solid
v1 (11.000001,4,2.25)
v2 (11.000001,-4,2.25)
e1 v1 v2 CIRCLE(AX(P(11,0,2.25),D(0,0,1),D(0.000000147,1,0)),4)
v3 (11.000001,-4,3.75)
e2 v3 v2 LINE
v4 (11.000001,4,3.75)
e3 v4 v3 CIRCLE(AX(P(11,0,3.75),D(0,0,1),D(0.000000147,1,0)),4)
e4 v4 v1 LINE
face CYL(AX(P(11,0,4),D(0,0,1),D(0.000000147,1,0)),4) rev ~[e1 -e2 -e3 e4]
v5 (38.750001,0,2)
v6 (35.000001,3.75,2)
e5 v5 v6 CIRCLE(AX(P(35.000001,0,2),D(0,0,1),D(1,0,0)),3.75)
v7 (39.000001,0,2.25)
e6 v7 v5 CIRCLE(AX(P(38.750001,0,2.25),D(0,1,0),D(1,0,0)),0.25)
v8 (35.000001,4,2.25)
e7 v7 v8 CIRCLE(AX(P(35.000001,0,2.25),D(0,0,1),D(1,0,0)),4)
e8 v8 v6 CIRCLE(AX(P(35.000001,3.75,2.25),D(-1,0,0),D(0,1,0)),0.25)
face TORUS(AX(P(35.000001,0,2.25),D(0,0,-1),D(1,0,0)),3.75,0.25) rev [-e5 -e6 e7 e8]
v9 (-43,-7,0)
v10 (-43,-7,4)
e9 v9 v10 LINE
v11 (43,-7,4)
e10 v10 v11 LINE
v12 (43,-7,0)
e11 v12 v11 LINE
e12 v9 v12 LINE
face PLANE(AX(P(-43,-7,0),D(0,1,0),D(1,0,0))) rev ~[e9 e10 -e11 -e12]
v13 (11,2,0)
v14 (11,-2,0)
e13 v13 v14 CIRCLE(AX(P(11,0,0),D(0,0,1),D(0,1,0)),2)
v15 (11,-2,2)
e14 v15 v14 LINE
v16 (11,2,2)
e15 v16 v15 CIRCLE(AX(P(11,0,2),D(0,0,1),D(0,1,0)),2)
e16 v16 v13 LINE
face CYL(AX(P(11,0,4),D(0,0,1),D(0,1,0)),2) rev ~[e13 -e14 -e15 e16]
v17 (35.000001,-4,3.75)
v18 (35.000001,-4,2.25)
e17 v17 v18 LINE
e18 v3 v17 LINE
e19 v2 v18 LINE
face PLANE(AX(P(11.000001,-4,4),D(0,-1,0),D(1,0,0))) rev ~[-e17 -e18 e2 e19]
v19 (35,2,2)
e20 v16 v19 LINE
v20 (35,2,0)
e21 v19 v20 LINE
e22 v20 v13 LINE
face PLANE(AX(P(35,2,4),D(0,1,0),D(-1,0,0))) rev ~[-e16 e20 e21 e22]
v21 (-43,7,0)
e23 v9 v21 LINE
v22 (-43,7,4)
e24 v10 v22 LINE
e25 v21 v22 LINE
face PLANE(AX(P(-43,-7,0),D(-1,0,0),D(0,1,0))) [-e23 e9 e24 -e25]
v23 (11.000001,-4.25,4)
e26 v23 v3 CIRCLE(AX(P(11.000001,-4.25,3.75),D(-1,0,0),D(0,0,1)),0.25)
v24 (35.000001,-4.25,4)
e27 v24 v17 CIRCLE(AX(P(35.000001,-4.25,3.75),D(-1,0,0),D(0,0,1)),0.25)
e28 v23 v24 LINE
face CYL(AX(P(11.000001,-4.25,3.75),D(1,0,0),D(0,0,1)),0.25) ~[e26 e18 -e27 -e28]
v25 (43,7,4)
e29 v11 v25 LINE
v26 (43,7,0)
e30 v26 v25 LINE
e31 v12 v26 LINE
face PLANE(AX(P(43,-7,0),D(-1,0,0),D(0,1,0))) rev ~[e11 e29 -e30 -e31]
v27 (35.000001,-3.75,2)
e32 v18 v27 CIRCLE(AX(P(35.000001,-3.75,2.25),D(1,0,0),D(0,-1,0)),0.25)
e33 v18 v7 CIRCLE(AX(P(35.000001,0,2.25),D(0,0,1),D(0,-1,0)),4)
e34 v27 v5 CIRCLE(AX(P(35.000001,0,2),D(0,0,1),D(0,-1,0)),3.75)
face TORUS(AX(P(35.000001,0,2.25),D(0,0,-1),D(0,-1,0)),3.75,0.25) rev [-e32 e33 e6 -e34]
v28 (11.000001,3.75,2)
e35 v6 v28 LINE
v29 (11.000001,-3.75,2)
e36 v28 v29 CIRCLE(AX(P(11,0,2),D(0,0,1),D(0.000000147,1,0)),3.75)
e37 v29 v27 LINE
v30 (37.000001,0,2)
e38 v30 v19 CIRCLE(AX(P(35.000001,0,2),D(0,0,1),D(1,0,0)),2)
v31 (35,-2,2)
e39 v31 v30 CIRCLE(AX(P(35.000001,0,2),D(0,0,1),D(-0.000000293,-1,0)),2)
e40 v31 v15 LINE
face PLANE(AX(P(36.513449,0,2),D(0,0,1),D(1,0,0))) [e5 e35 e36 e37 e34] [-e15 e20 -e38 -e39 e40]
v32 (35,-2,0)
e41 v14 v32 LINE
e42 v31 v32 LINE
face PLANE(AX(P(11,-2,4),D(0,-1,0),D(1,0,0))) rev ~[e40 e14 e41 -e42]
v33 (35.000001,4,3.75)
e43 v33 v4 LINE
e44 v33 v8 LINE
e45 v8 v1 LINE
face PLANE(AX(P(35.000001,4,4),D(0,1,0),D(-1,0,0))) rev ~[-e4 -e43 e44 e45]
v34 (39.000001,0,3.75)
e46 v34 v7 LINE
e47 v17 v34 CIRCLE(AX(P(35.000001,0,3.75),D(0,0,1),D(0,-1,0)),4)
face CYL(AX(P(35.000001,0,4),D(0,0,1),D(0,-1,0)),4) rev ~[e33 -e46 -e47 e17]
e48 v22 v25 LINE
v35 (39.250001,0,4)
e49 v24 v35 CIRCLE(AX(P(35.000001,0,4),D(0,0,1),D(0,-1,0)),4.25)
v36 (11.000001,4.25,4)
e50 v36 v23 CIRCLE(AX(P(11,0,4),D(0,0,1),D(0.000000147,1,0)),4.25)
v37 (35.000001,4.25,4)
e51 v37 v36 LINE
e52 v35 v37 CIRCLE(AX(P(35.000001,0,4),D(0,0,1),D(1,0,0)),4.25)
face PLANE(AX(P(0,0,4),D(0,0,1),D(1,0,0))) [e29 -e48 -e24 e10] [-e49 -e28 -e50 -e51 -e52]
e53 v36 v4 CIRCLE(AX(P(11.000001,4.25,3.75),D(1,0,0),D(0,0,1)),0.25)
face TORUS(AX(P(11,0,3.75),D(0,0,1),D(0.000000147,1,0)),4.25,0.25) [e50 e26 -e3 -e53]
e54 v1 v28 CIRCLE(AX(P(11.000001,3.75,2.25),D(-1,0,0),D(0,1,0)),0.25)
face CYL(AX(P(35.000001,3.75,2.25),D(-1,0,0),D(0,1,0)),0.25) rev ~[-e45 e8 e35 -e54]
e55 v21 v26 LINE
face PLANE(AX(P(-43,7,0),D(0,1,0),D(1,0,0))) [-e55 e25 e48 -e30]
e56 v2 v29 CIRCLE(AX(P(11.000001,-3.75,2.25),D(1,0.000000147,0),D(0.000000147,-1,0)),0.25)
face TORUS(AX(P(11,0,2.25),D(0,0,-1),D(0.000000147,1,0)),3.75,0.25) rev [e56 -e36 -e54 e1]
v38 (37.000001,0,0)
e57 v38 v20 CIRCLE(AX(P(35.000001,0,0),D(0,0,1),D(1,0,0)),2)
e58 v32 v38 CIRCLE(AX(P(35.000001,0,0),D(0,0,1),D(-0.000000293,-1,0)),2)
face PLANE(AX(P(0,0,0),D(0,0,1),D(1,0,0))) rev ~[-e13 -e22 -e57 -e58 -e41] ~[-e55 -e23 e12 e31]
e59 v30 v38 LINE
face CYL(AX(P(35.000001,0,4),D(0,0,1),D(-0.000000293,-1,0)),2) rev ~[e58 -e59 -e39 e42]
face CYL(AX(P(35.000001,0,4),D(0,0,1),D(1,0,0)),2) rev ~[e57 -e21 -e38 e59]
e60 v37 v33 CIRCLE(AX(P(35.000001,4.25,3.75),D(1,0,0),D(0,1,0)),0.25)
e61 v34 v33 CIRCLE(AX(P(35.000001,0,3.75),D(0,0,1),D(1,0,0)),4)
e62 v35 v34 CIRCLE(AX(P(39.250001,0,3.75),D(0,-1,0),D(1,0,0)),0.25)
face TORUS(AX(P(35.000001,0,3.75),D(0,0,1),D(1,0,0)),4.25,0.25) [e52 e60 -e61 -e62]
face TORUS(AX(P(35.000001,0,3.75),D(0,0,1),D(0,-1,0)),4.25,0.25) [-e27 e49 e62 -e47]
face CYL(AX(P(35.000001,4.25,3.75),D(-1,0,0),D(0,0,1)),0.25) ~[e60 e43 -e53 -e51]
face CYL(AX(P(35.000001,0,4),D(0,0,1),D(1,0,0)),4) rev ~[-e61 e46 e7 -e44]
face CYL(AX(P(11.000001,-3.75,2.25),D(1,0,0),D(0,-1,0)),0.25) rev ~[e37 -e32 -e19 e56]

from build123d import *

# Parameters (mm, degrees)
F0_W     = 86
F0_H     = 14
F1_DEPTH = 4
F3_DEPTH = 4
F5_DEPTH = 2
F6_R     = 0.25


with BuildPart() as f1:
    # F0 (on Top) → F1 (new body)
    with BuildSketch(Plane.XY):
        Rectangle(F0_W, F0_H)
    extrude(amount=F1_DEPTH)

    # F2 (on face) → F3 (cut)
    with BuildSketch(Plane.XY.offset(4)):
        with BuildLine():
            ThreePointArc((35, -2), (36.4142139414, -1.4142137697), (37.0000005863, 0))
            ThreePointArc((37.0000005863, 0), (36.4142139414, 1.4142137697), (35, 2))
            Line((35, 2), (35, -2))
        make_face()
        with BuildLine():
            Line((35, -2), (35, 2))
            ThreePointArc((35, 2), (33.0000005863, 0), (35, -2))
        make_face()
        with BuildLine():
            ThreePointArc((35, -2), (33.0000005863, 0), (35, 2))
            Line((35, 2), (11, 2))
            ThreePointArc((11, 2), (12.4142135624, 1.4142135624), (13, 0))
            ThreePointArc((13, 0), (12.4142135624, -1.4142135624), (11, -2))
            Line((11, -2), (35, -2))
        make_face()
        with BuildLine():
            Line((11, -2), (11, 2))
            ThreePointArc((11, 2), (9, 0), (11, -2))
        make_face()
        with BuildLine():
            ThreePointArc((13, 0), (12.4142135624, 1.4142135624), (11, 2))
            Line((11, 2), (11, -2))
            ThreePointArc((11, -2), (12.4142135624, -1.4142135624), (13, 0))
        make_face()
    extrude(amount=-F3_DEPTH, mode=Mode.SUBTRACT)

    # F4 (on face) → F5 (cut)
    with BuildSketch(Plane.XY.offset(4)):
        with BuildLine():
            ThreePointArc((35.0000005863, -4), (37.8284277111, -2.8284271247), (39.0000005863, 0))
            ThreePointArc((39.0000005863, 0), (37.8284277111, 2.8284271247), (35.0000005863, 4))
            Line((35.0000005863, 4), (35.0000005863, -4))
        make_face()
        with BuildLine():
            Line((35.0000005863, -4), (35.0000005863, 4))
            ThreePointArc((35.0000005863, 4), (31.0000005863, 0), (35.0000005863, -4))
        make_face()
        with BuildLine():
            ThreePointArc((35.0000005863, -4), (31.0000005863, 0), (35.0000005863, 4))
            Line((35.0000005863, 4), (11.0000005863, 4))
            ThreePointArc((11.0000005863, 4), (13.828427332, 2.8284269175), (15, 0))
            ThreePointArc((15, 0), (13.828427332, -2.8284269175), (11.0000005863, -4))
            Line((11.0000005863, -4), (35.0000005863, -4))
        make_face()
        with BuildLine():
            Line((11.0000005863, -4), (11.0000005863, 4))
            ThreePointArc((11.0000005863, 4), (7, 0), (11.0000005863, -4))
        make_face()
        with BuildLine():
            ThreePointArc((15, 0), (13.828427332, 2.8284269175), (11.0000005863, 4))
            Line((11.0000005863, 4), (11.0000005863, -4))
            ThreePointArc((11.0000005863, -4), (13.828427332, -2.8284269175), (15, 0))
        make_face()
    extrude(amount=-F5_DEPTH, mode=Mode.SUBTRACT)

    # F6
    f6_edges = [f1.edges().sort_by_distance(p)[0] for p in [
        (23.000001, 4, 2),
        (7, 0, 2),
        (23.000001, -4, 2),
        (39.000001, 0, 2),
        (23.000001, -4, 4),
        (7, 0, 4),
        (23.000001, 4, 4),
        (39.000001, 0, 4),
    ]]
    fillet(f6_edges, radius=F6_R)


solid = f1.part
